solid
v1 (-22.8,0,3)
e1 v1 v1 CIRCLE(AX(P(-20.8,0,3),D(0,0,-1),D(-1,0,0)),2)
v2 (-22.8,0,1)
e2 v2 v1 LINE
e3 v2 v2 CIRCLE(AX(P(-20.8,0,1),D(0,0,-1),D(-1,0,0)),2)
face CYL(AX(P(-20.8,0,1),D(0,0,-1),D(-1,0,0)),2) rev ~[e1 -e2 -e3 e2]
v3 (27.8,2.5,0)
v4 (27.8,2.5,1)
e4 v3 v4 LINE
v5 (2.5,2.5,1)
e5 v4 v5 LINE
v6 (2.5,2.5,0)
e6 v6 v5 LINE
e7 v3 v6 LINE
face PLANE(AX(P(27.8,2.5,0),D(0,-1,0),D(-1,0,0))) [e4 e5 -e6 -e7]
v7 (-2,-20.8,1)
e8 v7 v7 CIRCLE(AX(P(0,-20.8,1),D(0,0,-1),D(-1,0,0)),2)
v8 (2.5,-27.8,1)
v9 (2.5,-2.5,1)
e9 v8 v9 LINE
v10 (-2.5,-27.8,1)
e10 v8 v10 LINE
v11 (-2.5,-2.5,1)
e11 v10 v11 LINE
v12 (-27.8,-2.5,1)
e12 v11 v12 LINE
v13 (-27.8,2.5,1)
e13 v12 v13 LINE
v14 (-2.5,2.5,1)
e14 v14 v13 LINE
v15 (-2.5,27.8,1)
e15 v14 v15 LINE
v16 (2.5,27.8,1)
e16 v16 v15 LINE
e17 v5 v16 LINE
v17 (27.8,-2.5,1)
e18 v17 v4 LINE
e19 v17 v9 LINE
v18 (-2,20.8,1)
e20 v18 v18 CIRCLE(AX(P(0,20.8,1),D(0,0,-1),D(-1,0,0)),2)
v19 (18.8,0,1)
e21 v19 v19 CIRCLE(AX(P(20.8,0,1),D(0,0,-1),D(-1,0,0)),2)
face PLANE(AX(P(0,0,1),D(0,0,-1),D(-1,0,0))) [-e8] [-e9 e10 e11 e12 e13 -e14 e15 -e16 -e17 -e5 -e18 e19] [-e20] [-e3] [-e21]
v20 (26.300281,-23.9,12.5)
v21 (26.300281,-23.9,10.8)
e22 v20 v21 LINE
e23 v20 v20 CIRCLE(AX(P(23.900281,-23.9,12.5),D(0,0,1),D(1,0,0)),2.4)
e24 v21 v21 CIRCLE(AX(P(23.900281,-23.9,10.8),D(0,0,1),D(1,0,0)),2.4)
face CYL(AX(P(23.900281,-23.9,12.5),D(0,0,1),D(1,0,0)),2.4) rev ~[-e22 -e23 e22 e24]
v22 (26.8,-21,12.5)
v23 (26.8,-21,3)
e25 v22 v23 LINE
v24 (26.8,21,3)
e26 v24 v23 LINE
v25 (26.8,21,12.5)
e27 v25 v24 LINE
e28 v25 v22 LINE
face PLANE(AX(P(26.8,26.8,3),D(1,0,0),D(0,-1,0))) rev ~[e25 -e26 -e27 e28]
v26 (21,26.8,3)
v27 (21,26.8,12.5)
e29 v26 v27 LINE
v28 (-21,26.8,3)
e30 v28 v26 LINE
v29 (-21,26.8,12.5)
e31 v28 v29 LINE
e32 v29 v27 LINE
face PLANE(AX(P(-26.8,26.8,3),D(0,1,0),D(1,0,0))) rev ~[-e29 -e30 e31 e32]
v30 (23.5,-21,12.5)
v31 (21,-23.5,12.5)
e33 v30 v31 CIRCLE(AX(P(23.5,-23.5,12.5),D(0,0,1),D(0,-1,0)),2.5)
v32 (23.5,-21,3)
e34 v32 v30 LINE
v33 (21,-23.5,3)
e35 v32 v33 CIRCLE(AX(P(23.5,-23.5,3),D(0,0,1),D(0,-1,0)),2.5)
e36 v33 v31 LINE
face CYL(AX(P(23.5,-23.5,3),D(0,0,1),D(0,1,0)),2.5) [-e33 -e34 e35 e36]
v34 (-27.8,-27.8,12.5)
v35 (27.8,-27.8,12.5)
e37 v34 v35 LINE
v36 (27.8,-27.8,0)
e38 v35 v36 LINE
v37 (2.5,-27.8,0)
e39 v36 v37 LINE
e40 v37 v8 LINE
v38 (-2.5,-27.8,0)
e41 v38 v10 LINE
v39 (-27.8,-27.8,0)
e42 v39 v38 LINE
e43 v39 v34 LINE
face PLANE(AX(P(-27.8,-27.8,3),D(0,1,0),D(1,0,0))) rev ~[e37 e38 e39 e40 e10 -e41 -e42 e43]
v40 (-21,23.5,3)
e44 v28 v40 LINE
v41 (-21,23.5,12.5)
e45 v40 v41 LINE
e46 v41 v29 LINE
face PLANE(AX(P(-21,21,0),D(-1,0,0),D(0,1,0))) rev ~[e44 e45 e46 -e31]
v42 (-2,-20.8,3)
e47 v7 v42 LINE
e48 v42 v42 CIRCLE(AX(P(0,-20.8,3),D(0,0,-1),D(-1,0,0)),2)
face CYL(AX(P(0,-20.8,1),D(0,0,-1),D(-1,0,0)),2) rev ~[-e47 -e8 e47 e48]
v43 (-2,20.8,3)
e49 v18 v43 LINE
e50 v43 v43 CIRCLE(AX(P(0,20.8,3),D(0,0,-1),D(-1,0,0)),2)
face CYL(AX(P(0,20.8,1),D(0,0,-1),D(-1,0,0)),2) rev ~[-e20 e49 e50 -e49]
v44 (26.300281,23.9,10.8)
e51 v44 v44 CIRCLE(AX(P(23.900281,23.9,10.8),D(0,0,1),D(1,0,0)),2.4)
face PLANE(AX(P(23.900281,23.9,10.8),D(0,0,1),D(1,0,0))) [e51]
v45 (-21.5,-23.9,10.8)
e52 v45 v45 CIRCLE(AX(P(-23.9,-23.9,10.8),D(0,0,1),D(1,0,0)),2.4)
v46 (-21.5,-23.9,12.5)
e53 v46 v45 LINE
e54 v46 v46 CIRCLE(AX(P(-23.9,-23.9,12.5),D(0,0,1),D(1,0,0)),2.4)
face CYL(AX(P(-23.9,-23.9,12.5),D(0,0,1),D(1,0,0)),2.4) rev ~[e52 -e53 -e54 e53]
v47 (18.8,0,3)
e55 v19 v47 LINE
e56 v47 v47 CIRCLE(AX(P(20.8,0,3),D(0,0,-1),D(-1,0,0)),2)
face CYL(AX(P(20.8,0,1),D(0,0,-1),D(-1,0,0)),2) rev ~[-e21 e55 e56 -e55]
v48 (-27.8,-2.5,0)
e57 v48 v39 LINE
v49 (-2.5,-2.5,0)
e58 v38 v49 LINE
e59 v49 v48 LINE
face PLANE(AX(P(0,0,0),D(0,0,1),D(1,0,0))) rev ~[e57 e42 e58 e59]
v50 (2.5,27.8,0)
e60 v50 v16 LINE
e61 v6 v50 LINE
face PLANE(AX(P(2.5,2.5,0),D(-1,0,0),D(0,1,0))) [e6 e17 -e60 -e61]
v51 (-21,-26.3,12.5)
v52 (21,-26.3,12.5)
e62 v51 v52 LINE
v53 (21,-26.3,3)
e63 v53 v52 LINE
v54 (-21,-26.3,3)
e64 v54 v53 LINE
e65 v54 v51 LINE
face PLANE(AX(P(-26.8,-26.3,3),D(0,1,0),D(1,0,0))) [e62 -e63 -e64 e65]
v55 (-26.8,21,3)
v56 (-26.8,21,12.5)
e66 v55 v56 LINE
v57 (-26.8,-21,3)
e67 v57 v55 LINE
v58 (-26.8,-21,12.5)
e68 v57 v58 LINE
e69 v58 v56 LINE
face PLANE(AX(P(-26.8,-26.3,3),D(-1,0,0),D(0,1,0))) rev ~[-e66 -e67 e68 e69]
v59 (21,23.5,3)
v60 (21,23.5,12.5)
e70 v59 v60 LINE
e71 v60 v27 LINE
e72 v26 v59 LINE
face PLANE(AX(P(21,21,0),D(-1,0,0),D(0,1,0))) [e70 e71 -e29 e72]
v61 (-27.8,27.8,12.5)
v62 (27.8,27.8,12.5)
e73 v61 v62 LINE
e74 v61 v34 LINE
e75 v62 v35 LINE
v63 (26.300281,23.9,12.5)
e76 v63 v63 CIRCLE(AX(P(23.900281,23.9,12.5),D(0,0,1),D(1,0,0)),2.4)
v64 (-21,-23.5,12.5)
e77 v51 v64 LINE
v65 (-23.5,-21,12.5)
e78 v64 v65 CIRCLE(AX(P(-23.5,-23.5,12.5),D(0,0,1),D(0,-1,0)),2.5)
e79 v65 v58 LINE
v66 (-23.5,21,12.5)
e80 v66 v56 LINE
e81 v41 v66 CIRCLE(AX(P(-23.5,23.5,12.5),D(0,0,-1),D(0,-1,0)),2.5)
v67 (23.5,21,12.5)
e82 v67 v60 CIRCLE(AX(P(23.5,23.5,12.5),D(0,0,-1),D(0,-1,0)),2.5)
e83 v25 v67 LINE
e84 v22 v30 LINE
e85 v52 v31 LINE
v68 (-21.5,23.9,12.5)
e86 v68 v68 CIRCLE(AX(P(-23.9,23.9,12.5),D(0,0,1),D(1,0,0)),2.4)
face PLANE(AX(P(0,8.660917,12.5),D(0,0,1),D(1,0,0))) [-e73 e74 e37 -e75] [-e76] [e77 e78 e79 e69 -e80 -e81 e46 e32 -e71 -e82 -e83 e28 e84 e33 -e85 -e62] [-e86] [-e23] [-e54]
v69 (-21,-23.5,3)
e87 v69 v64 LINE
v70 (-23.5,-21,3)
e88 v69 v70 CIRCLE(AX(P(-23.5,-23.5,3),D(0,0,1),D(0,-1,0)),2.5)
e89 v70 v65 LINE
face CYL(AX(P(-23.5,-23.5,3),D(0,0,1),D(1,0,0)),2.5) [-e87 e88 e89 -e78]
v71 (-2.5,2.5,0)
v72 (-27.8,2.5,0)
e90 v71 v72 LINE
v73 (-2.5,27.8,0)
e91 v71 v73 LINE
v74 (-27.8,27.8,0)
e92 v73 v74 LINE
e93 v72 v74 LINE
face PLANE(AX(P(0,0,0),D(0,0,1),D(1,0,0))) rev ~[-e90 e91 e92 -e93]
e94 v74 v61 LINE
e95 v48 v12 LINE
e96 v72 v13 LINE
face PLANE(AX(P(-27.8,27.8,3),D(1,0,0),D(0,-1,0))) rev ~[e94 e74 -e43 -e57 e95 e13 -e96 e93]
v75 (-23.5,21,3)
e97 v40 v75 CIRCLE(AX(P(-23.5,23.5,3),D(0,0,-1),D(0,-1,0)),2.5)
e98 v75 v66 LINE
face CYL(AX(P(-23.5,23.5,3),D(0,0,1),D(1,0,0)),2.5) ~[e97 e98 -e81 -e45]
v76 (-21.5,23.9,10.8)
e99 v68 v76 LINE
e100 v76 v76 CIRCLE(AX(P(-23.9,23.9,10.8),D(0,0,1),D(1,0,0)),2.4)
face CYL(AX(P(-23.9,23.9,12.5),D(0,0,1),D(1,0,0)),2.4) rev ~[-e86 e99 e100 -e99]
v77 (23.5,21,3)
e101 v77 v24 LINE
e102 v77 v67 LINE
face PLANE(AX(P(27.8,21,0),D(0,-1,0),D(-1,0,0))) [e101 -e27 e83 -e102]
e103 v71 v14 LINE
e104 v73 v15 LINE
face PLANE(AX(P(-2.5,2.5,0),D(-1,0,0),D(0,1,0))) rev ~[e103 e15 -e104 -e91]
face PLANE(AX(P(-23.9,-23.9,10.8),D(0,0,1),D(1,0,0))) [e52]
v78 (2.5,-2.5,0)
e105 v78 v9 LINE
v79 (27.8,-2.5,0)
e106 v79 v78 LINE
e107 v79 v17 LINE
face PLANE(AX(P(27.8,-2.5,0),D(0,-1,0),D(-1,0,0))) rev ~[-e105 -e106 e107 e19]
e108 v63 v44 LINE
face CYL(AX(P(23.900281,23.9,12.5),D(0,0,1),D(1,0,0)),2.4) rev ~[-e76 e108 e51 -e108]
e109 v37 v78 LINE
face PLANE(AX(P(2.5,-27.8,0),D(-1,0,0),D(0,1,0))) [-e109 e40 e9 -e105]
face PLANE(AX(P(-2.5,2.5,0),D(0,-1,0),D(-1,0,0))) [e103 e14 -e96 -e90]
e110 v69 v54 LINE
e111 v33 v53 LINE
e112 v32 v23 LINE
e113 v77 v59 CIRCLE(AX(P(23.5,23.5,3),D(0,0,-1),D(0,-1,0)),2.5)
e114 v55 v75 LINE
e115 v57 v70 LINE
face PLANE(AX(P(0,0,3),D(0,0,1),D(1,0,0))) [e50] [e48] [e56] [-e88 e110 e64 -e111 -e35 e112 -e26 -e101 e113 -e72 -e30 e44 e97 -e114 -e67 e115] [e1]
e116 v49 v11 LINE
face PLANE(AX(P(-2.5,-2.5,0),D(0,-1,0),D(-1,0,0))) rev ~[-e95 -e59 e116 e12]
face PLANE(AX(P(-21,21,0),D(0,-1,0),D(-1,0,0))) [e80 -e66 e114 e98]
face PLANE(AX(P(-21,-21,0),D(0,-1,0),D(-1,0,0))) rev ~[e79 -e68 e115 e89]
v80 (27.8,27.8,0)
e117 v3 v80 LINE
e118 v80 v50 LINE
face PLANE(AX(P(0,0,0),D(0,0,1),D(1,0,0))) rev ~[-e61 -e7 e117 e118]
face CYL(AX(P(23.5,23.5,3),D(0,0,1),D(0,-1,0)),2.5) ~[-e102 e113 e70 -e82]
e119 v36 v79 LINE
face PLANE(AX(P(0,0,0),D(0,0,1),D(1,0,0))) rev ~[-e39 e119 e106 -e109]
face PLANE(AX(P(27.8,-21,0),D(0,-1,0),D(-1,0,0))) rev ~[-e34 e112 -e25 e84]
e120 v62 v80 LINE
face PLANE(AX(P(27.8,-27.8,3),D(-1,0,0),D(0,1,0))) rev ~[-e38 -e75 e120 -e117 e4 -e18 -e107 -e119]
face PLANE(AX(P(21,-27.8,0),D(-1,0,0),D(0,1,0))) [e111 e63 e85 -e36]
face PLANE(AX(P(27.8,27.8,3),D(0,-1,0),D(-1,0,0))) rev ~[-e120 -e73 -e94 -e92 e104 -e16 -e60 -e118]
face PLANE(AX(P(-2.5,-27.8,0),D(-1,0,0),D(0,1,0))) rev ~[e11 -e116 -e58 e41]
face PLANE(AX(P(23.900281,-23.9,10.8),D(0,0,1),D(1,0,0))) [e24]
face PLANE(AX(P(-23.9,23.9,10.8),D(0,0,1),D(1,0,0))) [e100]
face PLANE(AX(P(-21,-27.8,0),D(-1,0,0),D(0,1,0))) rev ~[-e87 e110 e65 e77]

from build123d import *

# Parameters (mm, degrees)
SKICA1_W                 = 55.6
SKICA1_H                 = 55.6
P_IDAT_VYSUNUT_M2_DEPTH  = 3
SKICA5_W                 = 5
SKICA5_H                 = 55.6
SKICA5_W_2               = 55.6
SKICA5_H_2               = 5
ODEBRAT_VYSUNUT_M3_DEPTH = 1
SKICA14_W                = 53.6
SKICA14_H                = 1.5
P_IDAT_VYSUNUT_M9_DEPTH  = 9.5
SKICA17_R                = 2
ODEBRAT_VYSUNUT_M8_DEPTH = 4
SKICA19_W                = 6.8
SKICA19_H                = 6.8
P_IDAT_VYSUNUT_M10_DEPTH = 12.5
SKICA20_R                = 2.4
ODEBRAT_VYSUNUT_M9_DEPTH = 1.7
ZAOBLIT1_R               = 2.5


with BuildPart() as part:
    # Skica1 → Přidat vysunutím2 (new body)
    with BuildSketch(Plane.XY):
        Rectangle(SKICA1_W, SKICA1_H)
    extrude(amount=P_IDAT_VYSUNUT_M2_DEPTH)

    # Skica5 → Odebrat vysunutím3 (cut)
    with BuildSketch(Plane(origin=(0, 0, 0), x_dir=(-1, 0, 0), z_dir=(0, 0, -1))):
        Rectangle(SKICA5_W, SKICA5_H)
        Rectangle(SKICA5_W_2, SKICA5_H_2)
    extrude(amount=-ODEBRAT_VYSUNUT_M3_DEPTH, mode=Mode.SUBTRACT)

    # Skica14 → Přidat vysunutím9 (add)
    with BuildSketch(Plane.XY.offset(3)):
        Polygon((27.8, 27.8), (-27.8, 27.8), (-27.8, -27.8), (-26.8, -27.8), (-26.8, -26.8), (-26.8, -26.3), (-26.8, 26.8), (26.8, 26.8), (26.8, -26.3), (26.8, -27.8), (27.8, -27.8), align=None)
        with Locations((0, -27.05)):
            Rectangle(SKICA14_W, SKICA14_H)
    extrude(amount=P_IDAT_VYSUNUT_M9_DEPTH)

    # Skica17 → Odebrat vysunutím8 (cut)
    with BuildSketch(Plane(origin=(0, 0, 1), x_dir=(-1, 0, 0), z_dir=(0, 0, -1))):
        with Locations((20.8, 0)):
            Circle(SKICA17_R)
        with Locations((-20.8, 0)):
            Circle(SKICA17_R)
        with Locations((0, 20.8)):
            Circle(SKICA17_R)
        with Locations((0, -20.8)):
            Circle(SKICA17_R)
    extrude(amount=-ODEBRAT_VYSUNUT_M8_DEPTH, mode=Mode.SUBTRACT)

    # Skica19 → Přidat vysunutím10 (add)
    with BuildSketch(Plane(origin=(0, 0, 0), x_dir=(-1, 0, 0), z_dir=(0, 0, -1))):
        with Locations((-24.4, 24.4)):
            Rectangle(SKICA19_W, SKICA19_H)
        with Locations((24.4, 24.4)):
            Rectangle(SKICA19_W, SKICA19_H)
        with Locations((-24.4, -24.4)):
            Rectangle(SKICA19_W, SKICA19_H)
        with Locations((24.4, -24.4)):
            Rectangle(SKICA19_W, SKICA19_H)
    extrude(amount=-P_IDAT_VYSUNUT_M10_DEPTH)

    # Skica20 → Odebrat vysunutím9 (cut)
    with BuildSketch(Plane.XY.offset(12.5)):
        with Locations((-23.9, -23.9)):
            Circle(SKICA20_R)
        with Locations((-23.9, 23.9)):
            Circle(SKICA20_R)
        with Locations((23.900280565, 23.9)):
            Circle(SKICA20_R)
        with Locations((23.900280565, -23.9)):
            Circle(SKICA20_R)
    extrude(amount=-ODEBRAT_VYSUNUT_M9_DEPTH, mode=Mode.SUBTRACT)

    # Zaoblit1
    zaoblit1_edges = [part.edges().sort_by_distance(p)[0] for p in [
        (21, 21, 7.75),
        (-21, 21, 7.75),
        (21, -21, 7.75),
        (-21, -21, 7.75),
    ]]
    fillet(zaoblit1_edges, radius=ZAOBLIT1_R)


solid = part.part
